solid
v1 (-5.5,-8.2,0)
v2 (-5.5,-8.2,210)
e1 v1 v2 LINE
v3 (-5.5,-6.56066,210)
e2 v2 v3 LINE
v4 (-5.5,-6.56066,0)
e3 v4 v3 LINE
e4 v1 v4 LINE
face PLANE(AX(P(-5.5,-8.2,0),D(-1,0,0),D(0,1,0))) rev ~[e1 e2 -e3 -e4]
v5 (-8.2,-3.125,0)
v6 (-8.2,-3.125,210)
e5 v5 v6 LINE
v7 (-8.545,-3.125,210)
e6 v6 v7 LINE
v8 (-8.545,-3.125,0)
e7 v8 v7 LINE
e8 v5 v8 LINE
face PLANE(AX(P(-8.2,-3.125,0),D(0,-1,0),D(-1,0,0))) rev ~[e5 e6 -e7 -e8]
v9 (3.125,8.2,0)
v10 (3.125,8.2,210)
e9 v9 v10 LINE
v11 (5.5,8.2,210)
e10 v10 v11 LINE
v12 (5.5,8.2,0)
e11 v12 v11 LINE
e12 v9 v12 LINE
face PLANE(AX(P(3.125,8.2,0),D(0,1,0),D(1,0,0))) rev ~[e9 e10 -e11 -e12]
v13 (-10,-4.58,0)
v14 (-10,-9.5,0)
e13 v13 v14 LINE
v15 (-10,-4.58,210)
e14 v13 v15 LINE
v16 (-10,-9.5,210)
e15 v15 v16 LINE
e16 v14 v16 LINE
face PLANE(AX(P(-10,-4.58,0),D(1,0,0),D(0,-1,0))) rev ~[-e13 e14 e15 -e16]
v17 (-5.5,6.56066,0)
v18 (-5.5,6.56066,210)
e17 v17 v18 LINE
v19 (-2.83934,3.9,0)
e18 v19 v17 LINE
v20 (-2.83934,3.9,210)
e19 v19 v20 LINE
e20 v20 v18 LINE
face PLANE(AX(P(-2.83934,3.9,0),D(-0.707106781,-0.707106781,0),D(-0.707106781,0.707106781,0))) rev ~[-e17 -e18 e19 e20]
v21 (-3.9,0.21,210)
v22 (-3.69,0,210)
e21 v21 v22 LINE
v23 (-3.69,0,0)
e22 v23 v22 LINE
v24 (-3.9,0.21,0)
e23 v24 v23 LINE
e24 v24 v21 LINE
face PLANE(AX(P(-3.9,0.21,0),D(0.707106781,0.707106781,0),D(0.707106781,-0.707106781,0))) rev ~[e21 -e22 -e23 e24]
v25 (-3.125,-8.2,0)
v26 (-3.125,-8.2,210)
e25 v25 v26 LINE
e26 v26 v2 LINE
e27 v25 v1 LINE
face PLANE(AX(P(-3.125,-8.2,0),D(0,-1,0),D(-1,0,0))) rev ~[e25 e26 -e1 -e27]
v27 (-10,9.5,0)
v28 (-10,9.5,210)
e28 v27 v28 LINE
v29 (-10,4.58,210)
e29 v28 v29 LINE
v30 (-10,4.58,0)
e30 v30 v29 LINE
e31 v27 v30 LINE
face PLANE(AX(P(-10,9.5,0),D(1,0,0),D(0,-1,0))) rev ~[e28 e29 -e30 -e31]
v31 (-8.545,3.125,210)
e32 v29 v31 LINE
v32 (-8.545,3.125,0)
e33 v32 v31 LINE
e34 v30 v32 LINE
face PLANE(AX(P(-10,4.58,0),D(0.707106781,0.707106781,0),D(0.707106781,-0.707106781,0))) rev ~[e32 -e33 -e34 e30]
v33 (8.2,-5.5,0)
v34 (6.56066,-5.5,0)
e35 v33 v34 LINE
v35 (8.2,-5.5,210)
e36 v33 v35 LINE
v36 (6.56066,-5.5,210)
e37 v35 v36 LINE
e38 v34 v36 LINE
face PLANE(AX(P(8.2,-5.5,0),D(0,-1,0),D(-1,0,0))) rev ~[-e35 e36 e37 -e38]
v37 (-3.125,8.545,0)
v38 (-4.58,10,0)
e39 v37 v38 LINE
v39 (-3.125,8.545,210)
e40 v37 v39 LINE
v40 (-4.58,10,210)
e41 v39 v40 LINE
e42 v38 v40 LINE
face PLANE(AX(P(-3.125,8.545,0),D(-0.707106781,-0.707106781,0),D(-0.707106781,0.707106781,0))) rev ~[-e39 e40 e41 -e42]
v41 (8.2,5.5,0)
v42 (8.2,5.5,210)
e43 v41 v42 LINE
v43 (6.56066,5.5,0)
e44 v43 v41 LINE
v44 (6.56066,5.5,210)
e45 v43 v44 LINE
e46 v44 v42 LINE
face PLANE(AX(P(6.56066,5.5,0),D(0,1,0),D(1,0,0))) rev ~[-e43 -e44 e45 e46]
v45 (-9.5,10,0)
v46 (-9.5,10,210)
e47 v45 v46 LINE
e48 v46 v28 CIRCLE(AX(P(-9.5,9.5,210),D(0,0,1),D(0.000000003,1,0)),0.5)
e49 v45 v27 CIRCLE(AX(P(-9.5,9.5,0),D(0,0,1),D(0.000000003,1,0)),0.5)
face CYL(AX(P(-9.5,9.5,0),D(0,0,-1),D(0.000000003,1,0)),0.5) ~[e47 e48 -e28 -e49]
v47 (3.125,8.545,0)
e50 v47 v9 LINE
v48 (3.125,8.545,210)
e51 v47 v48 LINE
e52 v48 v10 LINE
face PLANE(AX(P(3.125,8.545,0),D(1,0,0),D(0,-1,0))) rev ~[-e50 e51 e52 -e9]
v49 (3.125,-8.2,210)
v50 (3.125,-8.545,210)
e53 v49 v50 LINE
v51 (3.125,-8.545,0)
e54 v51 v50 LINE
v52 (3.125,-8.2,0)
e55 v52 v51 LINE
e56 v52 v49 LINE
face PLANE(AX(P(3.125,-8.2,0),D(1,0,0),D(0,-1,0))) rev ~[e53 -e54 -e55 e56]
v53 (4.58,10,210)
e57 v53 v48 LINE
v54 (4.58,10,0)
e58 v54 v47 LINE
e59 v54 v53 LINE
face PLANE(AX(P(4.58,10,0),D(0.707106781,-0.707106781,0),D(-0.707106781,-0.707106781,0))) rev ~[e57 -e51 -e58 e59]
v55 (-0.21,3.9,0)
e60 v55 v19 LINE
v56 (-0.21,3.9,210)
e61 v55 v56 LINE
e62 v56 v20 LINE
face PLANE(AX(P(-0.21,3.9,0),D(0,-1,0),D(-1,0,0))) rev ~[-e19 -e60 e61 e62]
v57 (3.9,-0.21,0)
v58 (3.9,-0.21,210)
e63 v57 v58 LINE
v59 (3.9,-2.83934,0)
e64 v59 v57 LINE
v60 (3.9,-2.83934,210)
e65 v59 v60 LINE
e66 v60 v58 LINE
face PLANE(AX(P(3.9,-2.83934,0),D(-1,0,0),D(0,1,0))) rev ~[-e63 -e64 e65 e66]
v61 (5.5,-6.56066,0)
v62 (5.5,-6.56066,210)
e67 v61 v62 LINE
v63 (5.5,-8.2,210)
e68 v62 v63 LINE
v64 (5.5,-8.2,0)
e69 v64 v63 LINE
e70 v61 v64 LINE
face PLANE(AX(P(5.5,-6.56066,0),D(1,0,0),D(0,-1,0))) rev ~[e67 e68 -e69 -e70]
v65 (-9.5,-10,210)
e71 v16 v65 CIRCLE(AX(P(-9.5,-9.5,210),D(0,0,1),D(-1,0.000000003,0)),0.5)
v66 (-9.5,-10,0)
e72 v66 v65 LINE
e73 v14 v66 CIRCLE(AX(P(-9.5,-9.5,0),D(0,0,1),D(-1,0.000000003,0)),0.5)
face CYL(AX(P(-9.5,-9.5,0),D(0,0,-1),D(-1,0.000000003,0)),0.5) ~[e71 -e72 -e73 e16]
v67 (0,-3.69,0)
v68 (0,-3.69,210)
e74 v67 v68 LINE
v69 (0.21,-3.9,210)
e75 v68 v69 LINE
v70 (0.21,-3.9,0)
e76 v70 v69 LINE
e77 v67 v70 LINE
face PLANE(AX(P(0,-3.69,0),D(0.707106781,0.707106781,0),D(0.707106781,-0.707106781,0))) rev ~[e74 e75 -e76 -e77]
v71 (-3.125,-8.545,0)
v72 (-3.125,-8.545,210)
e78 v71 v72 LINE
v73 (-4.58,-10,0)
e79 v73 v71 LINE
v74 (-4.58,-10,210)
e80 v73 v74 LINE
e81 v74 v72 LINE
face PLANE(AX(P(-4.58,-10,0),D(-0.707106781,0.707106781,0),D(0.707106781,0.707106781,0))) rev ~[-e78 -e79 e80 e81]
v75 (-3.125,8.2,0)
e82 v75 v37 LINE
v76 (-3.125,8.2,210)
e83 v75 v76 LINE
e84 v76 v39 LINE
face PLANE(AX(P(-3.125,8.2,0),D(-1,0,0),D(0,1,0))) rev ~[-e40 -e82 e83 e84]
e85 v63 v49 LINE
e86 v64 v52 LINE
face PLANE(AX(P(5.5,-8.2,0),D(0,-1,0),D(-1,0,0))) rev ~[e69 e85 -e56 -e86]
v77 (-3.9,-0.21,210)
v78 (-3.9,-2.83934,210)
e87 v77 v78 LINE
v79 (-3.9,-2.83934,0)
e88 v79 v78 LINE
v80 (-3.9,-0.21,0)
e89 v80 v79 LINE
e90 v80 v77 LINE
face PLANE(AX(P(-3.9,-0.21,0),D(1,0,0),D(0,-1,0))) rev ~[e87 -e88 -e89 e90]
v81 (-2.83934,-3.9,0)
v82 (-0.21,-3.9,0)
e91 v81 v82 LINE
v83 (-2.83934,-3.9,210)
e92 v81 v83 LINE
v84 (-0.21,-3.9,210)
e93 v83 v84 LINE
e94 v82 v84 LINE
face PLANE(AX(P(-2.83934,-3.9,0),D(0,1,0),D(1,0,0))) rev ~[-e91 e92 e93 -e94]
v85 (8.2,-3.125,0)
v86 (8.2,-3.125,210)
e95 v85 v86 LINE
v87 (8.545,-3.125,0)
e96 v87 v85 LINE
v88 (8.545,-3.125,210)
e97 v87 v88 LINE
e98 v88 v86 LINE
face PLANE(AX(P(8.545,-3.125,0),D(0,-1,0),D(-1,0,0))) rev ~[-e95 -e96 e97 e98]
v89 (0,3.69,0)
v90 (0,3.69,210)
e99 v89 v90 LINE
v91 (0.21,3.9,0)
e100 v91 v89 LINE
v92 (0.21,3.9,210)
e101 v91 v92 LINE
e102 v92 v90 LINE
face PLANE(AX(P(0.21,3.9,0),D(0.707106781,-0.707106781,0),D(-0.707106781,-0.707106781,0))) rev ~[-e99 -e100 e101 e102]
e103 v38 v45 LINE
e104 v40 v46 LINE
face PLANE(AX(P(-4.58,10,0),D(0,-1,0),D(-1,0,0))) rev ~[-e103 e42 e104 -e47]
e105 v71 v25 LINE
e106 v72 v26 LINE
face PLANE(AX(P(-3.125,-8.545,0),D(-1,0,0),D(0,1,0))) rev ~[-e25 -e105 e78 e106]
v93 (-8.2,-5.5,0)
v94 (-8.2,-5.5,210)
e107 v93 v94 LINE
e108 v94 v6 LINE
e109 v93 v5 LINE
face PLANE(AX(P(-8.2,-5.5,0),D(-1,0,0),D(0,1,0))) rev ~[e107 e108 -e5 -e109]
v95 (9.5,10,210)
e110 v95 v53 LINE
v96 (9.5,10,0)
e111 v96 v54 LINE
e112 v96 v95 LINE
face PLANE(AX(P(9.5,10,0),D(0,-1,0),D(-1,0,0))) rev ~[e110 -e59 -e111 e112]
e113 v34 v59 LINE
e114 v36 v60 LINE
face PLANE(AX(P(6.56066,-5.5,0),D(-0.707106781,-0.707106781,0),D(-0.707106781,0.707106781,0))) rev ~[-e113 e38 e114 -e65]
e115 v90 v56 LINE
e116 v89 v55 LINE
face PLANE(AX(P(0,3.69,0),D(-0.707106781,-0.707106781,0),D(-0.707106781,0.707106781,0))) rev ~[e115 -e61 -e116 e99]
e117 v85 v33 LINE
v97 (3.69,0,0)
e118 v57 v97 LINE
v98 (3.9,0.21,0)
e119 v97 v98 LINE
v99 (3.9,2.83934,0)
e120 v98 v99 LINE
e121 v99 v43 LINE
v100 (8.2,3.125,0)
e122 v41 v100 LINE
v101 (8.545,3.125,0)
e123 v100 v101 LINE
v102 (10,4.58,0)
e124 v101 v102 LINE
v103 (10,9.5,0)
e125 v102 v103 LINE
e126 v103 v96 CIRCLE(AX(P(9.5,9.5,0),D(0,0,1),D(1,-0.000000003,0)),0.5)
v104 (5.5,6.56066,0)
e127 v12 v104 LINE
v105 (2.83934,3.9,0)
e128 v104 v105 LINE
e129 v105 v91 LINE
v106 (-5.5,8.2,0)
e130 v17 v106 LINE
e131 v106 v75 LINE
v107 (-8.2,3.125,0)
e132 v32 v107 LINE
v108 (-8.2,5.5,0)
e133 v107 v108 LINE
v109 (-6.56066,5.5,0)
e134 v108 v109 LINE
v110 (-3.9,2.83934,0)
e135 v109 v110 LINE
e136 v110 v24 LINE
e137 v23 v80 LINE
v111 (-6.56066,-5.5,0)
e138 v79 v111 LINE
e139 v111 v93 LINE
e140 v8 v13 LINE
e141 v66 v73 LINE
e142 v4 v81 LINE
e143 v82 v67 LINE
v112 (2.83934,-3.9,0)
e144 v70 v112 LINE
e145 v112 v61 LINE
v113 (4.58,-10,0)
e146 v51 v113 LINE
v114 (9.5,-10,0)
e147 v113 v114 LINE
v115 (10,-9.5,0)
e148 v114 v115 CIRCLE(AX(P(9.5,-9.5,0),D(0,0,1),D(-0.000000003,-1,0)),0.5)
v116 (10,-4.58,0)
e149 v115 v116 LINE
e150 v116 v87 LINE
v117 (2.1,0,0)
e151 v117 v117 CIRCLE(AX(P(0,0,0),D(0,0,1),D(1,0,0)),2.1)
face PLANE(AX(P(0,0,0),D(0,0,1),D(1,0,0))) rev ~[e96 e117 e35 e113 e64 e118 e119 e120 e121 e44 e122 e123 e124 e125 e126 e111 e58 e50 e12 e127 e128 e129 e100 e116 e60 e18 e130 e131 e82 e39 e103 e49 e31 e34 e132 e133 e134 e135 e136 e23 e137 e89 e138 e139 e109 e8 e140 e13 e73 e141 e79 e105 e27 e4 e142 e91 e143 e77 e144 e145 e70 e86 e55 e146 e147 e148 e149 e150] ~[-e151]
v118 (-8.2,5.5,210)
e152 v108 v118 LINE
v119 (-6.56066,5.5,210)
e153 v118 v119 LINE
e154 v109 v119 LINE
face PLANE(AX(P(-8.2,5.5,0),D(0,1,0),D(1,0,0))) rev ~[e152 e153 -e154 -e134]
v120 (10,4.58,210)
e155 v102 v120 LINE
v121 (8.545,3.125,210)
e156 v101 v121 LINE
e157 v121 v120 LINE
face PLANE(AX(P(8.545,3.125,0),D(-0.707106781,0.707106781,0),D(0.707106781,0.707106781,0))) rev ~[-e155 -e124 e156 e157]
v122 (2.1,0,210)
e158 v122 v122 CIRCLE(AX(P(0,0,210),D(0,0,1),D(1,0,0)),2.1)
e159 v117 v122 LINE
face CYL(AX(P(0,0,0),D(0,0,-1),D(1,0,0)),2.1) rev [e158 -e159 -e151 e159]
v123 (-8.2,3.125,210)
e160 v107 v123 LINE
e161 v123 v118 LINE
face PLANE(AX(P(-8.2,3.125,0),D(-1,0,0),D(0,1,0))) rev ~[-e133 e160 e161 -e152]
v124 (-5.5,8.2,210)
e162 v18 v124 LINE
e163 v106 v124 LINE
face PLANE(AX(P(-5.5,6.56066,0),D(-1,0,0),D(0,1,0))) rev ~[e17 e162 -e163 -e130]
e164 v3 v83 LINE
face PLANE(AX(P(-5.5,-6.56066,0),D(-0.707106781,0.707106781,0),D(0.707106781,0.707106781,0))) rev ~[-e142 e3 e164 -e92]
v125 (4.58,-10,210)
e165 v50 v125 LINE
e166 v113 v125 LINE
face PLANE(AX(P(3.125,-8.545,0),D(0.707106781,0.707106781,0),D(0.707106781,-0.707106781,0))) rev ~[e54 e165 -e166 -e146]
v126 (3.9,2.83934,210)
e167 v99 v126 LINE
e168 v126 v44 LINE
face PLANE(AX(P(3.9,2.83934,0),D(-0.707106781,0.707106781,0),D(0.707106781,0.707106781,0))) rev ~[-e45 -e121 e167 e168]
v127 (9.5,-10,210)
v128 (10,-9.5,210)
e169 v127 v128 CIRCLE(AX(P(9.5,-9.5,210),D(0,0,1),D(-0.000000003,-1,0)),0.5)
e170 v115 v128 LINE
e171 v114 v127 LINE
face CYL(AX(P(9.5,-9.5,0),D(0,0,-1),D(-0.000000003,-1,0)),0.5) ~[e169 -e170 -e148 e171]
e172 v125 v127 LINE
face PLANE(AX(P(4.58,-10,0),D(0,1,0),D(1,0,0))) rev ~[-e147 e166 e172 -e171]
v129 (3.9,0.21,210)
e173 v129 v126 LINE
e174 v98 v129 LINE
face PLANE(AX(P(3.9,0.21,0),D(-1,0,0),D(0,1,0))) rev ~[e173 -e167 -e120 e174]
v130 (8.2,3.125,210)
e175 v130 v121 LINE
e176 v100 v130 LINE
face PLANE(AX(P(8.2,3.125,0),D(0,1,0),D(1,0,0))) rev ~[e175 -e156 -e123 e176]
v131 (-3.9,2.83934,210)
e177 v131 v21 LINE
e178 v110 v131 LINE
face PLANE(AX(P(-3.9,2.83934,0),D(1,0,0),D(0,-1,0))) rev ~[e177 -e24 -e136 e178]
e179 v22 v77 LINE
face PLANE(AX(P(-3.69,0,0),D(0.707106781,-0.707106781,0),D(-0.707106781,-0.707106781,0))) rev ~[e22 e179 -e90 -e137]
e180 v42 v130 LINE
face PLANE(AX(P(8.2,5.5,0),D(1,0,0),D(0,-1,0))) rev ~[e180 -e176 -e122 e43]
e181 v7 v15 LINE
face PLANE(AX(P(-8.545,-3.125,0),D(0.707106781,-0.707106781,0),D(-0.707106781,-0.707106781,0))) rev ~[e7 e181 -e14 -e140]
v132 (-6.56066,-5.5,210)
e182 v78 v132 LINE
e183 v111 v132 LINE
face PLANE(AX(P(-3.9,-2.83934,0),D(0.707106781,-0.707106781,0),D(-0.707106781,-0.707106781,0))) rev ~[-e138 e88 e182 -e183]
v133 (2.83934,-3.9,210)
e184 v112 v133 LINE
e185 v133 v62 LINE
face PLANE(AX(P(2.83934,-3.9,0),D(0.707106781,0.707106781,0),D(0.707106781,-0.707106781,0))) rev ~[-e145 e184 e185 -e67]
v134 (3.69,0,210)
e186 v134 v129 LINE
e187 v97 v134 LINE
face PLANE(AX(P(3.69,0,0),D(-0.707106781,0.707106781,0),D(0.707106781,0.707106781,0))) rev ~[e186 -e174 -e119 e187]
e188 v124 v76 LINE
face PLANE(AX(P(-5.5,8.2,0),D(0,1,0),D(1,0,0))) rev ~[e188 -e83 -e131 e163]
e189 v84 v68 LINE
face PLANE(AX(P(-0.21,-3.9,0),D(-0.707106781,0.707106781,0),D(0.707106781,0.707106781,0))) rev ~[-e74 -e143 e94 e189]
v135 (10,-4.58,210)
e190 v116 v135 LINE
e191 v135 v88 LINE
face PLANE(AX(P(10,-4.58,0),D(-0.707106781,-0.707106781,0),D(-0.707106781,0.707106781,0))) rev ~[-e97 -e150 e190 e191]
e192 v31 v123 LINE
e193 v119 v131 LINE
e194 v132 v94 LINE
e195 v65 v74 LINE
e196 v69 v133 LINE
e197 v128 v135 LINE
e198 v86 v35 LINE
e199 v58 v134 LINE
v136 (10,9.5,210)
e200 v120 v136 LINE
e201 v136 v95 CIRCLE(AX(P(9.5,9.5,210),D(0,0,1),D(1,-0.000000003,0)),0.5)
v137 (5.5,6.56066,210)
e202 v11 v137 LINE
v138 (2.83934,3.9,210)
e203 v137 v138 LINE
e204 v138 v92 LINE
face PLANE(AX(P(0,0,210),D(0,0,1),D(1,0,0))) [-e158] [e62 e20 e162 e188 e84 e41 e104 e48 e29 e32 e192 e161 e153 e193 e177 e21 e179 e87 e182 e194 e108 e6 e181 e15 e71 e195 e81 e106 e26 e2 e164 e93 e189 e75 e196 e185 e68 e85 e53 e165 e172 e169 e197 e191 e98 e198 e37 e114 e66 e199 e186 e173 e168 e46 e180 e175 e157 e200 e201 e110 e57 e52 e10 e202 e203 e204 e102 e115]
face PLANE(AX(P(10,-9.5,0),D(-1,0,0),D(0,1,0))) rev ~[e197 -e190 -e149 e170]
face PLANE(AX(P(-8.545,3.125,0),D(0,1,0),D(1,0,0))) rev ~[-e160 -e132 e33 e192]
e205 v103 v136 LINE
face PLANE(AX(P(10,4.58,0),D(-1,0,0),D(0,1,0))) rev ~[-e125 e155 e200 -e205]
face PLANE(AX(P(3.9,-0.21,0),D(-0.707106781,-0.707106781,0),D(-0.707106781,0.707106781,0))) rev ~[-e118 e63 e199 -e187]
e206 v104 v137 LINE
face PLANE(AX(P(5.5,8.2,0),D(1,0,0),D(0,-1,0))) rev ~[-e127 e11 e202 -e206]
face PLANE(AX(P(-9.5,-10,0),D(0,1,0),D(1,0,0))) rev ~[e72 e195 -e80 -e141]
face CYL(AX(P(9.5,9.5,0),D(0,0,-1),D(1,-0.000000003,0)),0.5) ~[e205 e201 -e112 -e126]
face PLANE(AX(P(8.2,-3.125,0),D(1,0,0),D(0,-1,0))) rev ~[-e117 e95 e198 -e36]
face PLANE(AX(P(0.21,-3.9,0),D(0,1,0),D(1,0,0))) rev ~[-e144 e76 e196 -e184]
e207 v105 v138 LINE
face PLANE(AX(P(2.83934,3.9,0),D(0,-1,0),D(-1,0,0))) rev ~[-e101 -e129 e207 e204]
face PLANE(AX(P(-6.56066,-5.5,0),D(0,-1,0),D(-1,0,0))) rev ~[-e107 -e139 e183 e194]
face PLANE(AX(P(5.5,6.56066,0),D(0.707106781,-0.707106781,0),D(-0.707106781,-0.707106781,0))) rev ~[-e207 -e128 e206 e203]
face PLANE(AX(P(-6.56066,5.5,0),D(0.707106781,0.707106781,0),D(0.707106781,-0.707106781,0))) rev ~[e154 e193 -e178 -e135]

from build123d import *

# Parameters (mm, degrees)
SKETCH1_R           = 2.1
BOSS_EXTRUDE1_DEPTH = 210


with BuildPart() as part:
    # Sketch1 → Boss-Extrude1 (new body)
    with BuildSketch(Plane.XY):
        with BuildLine():
            Line((4.58, -10), (9.5, -10))
            ThreePointArc((9.5, -10), (9.853553391, -9.853553391), (10, -9.5))
            Line((10, -9.5), (10, -4.58))
            Line((10, -4.58), (8.545, -3.125))
            Line((8.545, -3.125), (8.2, -3.125))
            Line((8.2, -3.125), (8.2, -5.5))
            Line((8.2, -5.5), (6.560660172, -5.5))
            Line((6.560660172, -5.5), (3.9, -2.839339828))
            Line((3.9, -2.839339828), (3.9, -0.21))
            Line((3.9, -0.21), (3.69, 0))
            Line((3.69, 0), (3.9, 0.21))
            Line((3.9, 0.21), (3.9, 2.839339828))
            Line((3.9, 2.839339828), (6.560660172, 5.5))
            Line((6.560660172, 5.5), (8.2, 5.5))
            Line((8.2, 5.5), (8.2, 3.125))
            Line((8.2, 3.125), (8.545, 3.125))
            Line((8.545, 3.125), (10, 4.58))
            Line((10, 4.58), (10, 9.5))
            ThreePointArc((10, 9.5), (9.853553391, 9.853553391), (9.5, 10))
            Line((9.5, 10), (4.58, 10))
            Line((4.58, 10), (3.125, 8.545))
            Line((3.125, 8.545), (3.125, 8.2))
            Line((3.125, 8.2), (5.5, 8.2))
            Line((5.5, 8.2), (5.5, 6.560660172))
            Line((5.5, 6.560660172), (2.839339828, 3.9))
            Line((2.839339828, 3.9), (0.21, 3.9))
            Line((0.21, 3.9), (0, 3.69))
            Line((0, 3.69), (-0.21, 3.9))
            Line((-0.21, 3.9), (-2.839339828, 3.9))
            Line((-2.839339828, 3.9), (-5.5, 6.560660172))
            Line((-5.5, 6.560660172), (-5.5, 8.2))
            Line((-5.5, 8.2), (-3.125, 8.2))
            Line((-3.125, 8.2), (-3.125, 8.545))
            Line((-3.125, 8.545), (-4.58, 10))
            Line((-4.58, 10), (-9.5, 10))
            ThreePointArc((-9.5, 10), (-9.853553391, 9.853553391), (-10, 9.5))
            Line((-10, 9.5), (-10, 4.58))
            Line((-10, 4.58), (-8.545, 3.125))
            Line((-8.545, 3.125), (-8.2, 3.125))
            Line((-8.2, 3.125), (-8.2, 5.5))
            Line((-8.2, 5.5), (-6.560660172, 5.5))
            Line((-6.560660172, 5.5), (-3.9, 2.839339828))
            Line((-3.9, 2.839339828), (-3.9, 0.21))
            Line((-3.9, 0.21), (-3.69, 0))
            Line((-3.69, 0), (-3.9, -0.21))
            Line((-3.9, -0.21), (-3.9, -2.839339828))
            Line((-3.9, -2.839339828), (-6.560660172, -5.5))
            Line((-6.560660172, -5.5), (-8.2, -5.5))
            Line((-8.2, -5.5), (-8.2, -3.125))
            Line((-8.2, -3.125), (-8.545, -3.125))
            Line((-8.545, -3.125), (-10, -4.58))
            Line((-10, -4.58), (-10, -9.5))
            ThreePointArc((-10, -9.5), (-9.853553391, -9.853553391), (-9.5, -10))
            Line((-9.5, -10), (-4.58, -10))
            Line((-4.58, -10), (-3.125, -8.545))
            Line((-3.125, -8.545), (-3.125, -8.2))
            Line((-3.125, -8.2), (-5.5, -8.2))
            Line((-5.5, -8.2), (-5.5, -6.560660172))
            Line((-5.5, -6.560660172), (-2.839339828, -3.9))
            Line((-2.839339828, -3.9), (-0.21, -3.9))
            Line((-0.21, -3.9), (0, -3.69))
            Line((0, -3.69), (0.21, -3.9))
            Line((0.21, -3.9), (2.839339828, -3.9))
            Line((2.839339828, -3.9), (5.5, -6.560660172))
            Line((5.5, -6.560660172), (5.5, -8.2))
            Line((5.5, -8.2), (3.125, -8.2))
            Line((3.125, -8.2), (3.125, -8.545))
            Line((3.125, -8.545), (4.58, -10))
        make_face()
        Circle(SKETCH1_R, mode=Mode.SUBTRACT)
    extrude(amount=BOSS_EXTRUDE1_DEPTH)


solid = part.part
